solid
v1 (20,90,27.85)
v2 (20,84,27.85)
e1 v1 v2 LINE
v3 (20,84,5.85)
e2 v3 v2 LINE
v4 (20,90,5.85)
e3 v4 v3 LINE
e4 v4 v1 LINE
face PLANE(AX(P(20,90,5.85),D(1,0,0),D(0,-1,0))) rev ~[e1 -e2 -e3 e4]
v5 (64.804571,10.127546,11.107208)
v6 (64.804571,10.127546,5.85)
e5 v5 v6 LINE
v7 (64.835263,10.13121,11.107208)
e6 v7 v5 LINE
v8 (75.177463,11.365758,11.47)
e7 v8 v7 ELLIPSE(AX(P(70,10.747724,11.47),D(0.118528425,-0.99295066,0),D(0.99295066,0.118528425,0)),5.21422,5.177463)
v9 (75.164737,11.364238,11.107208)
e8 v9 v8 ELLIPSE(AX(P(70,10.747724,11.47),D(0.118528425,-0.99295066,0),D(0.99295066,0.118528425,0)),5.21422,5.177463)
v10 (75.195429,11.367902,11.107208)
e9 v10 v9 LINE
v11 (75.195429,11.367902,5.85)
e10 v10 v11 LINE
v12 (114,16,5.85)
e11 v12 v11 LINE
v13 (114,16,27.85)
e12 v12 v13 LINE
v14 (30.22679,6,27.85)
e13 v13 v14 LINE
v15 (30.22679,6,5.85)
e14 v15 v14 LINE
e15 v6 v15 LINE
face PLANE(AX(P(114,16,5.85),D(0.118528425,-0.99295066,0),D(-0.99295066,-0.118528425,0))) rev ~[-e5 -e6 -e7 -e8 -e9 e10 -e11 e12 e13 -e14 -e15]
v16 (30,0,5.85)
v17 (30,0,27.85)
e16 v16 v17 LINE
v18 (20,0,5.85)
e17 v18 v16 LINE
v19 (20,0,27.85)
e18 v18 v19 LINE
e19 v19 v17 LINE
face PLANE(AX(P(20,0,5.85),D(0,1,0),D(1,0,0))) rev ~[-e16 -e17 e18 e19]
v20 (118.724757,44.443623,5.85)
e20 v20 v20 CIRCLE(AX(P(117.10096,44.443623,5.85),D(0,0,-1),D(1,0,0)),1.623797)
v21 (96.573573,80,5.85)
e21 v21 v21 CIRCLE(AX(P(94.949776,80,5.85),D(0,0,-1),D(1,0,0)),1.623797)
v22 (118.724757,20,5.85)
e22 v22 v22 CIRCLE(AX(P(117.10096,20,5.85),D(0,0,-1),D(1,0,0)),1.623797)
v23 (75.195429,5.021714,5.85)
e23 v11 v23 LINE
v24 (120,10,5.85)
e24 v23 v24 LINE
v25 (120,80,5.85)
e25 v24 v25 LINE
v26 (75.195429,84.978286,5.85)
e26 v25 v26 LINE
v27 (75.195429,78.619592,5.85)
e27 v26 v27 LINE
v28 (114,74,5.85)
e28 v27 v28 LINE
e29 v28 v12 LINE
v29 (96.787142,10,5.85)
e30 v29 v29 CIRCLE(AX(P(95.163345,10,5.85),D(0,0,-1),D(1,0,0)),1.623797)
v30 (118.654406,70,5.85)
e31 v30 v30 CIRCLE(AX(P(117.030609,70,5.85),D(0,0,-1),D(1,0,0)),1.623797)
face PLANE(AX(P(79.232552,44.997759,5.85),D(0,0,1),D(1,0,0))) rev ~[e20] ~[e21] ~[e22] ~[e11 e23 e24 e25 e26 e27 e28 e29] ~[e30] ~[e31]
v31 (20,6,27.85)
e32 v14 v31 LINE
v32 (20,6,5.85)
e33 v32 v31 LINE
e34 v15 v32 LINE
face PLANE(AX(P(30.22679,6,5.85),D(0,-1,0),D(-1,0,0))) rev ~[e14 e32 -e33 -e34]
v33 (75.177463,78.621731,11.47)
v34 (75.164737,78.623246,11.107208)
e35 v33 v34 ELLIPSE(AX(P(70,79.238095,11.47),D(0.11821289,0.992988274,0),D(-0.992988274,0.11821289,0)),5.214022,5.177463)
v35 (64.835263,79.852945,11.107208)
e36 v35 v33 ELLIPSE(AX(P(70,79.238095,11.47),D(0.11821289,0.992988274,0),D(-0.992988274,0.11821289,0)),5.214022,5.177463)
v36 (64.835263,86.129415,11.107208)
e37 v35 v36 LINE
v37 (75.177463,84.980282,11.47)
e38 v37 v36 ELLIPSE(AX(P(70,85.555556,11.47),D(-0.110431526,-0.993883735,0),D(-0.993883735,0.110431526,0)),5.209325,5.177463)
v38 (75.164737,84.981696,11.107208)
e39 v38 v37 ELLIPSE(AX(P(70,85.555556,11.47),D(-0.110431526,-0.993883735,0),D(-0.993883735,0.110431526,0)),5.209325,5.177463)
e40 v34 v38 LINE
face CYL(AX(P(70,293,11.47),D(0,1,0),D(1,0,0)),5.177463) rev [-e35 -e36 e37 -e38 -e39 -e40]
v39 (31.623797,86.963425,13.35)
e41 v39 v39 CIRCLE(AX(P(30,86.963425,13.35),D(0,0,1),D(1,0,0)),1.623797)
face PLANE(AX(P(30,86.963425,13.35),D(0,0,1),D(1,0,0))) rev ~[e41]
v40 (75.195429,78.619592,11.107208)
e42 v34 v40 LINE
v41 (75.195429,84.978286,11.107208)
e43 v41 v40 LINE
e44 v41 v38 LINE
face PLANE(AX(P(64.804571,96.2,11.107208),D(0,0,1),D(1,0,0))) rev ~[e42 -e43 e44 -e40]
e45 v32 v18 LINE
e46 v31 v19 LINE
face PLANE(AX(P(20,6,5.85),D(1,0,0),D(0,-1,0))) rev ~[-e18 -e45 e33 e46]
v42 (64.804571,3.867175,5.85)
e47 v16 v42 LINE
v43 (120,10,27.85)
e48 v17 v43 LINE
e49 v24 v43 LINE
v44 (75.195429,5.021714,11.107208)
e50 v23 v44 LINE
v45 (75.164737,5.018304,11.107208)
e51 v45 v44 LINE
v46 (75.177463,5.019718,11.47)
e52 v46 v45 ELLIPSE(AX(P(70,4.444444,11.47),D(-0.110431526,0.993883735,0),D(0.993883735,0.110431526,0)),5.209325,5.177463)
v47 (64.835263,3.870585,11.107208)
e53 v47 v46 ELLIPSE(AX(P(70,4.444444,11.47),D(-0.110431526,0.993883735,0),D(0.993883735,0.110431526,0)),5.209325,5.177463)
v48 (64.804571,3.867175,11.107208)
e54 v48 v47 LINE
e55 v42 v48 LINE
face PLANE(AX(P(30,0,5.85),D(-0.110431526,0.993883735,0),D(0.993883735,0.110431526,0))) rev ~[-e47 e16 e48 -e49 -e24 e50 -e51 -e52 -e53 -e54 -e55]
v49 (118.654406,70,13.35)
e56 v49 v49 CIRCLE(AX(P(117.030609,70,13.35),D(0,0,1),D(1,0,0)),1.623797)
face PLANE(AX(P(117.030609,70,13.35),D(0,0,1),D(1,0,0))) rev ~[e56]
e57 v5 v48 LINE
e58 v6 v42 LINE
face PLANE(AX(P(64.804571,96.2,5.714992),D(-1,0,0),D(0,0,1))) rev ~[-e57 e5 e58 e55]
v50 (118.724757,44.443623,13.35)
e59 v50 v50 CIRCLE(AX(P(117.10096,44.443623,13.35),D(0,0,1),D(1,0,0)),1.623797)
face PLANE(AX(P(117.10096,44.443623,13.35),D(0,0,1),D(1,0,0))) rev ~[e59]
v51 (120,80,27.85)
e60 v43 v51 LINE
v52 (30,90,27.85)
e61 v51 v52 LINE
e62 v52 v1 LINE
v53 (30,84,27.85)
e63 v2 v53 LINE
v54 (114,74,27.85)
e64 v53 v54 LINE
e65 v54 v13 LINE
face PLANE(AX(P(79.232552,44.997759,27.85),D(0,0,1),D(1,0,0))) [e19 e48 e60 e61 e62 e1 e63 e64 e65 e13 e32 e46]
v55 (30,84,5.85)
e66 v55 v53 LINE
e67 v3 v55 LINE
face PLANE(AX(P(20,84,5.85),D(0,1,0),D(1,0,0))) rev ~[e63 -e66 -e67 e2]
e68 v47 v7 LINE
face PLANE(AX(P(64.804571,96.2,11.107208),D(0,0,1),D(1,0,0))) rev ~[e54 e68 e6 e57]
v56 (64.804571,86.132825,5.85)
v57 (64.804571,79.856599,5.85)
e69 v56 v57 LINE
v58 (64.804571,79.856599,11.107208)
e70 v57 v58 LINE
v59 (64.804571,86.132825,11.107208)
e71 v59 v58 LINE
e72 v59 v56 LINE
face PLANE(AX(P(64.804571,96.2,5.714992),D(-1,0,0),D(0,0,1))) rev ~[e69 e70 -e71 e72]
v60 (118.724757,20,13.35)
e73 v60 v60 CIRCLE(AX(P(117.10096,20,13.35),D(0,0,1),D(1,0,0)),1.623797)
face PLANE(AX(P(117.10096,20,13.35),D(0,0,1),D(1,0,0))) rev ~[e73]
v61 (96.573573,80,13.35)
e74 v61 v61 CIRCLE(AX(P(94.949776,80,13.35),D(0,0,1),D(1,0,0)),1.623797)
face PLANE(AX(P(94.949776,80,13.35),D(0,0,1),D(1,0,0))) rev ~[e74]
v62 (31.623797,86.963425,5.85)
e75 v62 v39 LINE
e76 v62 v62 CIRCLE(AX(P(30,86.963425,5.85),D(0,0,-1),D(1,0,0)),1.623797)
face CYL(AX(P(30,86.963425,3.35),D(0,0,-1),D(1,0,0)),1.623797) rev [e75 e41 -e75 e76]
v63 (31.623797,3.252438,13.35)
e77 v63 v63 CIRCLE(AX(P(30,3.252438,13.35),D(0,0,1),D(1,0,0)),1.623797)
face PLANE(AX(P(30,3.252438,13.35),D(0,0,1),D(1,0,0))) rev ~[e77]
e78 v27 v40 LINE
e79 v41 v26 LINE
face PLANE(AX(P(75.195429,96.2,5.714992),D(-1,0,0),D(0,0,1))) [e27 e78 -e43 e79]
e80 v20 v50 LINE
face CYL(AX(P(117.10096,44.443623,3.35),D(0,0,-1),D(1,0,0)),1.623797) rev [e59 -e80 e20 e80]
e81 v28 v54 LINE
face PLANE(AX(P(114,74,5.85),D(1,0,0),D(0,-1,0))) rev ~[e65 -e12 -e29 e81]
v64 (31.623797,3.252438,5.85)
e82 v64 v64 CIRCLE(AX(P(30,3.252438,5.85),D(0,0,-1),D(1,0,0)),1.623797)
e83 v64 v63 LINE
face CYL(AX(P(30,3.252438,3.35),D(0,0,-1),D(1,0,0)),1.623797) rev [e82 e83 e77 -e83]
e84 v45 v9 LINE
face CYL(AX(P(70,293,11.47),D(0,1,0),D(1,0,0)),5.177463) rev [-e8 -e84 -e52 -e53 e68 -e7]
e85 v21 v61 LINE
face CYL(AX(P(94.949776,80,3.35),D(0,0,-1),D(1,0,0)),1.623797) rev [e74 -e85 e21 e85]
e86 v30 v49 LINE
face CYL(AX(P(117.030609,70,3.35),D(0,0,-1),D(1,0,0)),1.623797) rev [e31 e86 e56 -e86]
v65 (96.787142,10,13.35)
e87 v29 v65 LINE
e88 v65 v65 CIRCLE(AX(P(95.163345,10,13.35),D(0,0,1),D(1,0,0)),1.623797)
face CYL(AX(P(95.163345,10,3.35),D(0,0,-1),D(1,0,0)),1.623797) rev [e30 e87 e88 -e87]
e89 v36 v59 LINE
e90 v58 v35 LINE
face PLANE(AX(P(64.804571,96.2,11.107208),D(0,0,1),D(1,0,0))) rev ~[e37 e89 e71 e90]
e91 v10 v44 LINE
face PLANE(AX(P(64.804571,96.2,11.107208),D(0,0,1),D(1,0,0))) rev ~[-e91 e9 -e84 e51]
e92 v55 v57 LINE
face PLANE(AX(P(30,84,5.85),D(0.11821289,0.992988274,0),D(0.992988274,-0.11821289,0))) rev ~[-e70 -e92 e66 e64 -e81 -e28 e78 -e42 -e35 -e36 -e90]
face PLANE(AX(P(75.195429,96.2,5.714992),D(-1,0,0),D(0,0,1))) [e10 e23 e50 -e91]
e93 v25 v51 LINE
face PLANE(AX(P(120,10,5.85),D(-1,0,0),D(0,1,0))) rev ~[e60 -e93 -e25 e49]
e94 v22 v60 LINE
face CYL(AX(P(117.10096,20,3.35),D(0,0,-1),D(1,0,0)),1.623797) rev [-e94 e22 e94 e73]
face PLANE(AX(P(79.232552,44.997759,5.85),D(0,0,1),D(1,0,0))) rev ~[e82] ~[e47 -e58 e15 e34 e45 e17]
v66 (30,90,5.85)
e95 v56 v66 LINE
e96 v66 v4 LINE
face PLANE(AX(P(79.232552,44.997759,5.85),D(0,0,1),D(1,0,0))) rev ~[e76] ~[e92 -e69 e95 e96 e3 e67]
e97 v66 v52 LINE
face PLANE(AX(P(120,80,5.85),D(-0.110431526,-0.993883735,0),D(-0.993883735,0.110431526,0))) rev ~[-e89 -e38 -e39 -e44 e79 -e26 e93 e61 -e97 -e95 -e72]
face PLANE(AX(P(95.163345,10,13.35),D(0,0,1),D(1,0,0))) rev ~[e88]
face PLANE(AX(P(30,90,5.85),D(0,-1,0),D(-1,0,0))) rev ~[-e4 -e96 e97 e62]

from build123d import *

# Parameters (mm, degrees)
SKETCH044_W      = 10.390858
SKETCH044_H      = 5.392216
EXTRUDE047_DEPTH = 100
SKETCH179_R      = 1.623797
EXTRUDE196_DEPTH = 10
SKETCH178_R      = 5.177463
EXTRUDE195_DEPTH = 800
EXTRUDE194_DEPTH = 22


with BuildPart() as extrude047:
    # Sketch044 → Extrude047 (new body)
    with BuildSketch(Plane.XZ):
        with Locations((70, -7.3389)):
            Rectangle(SKETCH044_W, SKETCH044_H)
    extrude(amount=EXTRUDE047_DEPTH)


with BuildPart() as extrude047_1:
    # Extrude047 placement: moved
    add(extrude047.part.moved(Location((0, 96.2, 0))))


with BuildPart() as extrude196:
    # Sketch179 → Extrude196 (new body)
    with BuildSketch(Plane.XY.offset(12.1)):
        with Locations((30, 86.963425)):
            Circle(SKETCH179_R)
        with Locations((30, 3.252438)):
            Circle(SKETCH179_R)
        with Locations((95.163345, 10)):
            Circle(SKETCH179_R)
        with Locations((94.949776, 80)):
            Circle(SKETCH179_R)
        with Locations((117.10096, 20)):
            Circle(SKETCH179_R)
        with Locations((117.030609, 70)):
            Circle(SKETCH179_R)
        with Locations((117.10096, 44.443623)):
            Circle(SKETCH179_R)
    extrude(amount=EXTRUDE196_DEPTH)


with BuildPart() as extrude196_1:
    # Extrude196 placement: moved
    add(extrude196.part.moved(Location((0, 0, -24.5))))


with BuildPart() as extrude195:
    # Sketch178 → Extrude195 (new body)
    with BuildSketch(Plane.XZ):
        with Locations((70, 3.62)):
            Circle(SKETCH178_R)
    extrude(amount=EXTRUDE195_DEPTH)


with BuildPart() as extrude195_1:
    # Extrude195 placement: moved
    add(extrude195.part.moved(Location((0, 293, 0))))


with BuildPart() as carvasa:
    # Sketch177 → Extrude194 (new body)
    with BuildSketch(Plane.XY):
        Polygon((30, 0), (120, 10), (120, 80), (30, 90), (20, 90), (20, 84), (30, 84), (114, 74), (114, 16), (30.22679, 6), (20, 6), (20, 0), align=None)
    extrude(amount=EXTRUDE194_DEPTH)


with BuildPart() as carvasa_1:
    # Extrude194 placement: moved
    add(carvasa.part.moved(Location((0, 0, -2))))

    # Cut123: cut Extrude195
    add(extrude195_1.part, mode=Mode.SUBTRACT)


with BuildPart() as carvasa_2:
    # Cut123 placement: moved
    add(carvasa_1.part.moved(Location((0, 0, -7.9))))

    # Cut015: cut Extrude196
    add(extrude196_1.part, mode=Mode.SUBTRACT)

    # Cut016: cut Extrude047
    add(extrude047_1.part, mode=Mode.SUBTRACT)


with BuildPart() as carvasa_3:
    # Cut016 placement: moved
    add(carvasa_2.part.moved(Location((0, 0, 15.75))))


solid = carvasa_3.part
